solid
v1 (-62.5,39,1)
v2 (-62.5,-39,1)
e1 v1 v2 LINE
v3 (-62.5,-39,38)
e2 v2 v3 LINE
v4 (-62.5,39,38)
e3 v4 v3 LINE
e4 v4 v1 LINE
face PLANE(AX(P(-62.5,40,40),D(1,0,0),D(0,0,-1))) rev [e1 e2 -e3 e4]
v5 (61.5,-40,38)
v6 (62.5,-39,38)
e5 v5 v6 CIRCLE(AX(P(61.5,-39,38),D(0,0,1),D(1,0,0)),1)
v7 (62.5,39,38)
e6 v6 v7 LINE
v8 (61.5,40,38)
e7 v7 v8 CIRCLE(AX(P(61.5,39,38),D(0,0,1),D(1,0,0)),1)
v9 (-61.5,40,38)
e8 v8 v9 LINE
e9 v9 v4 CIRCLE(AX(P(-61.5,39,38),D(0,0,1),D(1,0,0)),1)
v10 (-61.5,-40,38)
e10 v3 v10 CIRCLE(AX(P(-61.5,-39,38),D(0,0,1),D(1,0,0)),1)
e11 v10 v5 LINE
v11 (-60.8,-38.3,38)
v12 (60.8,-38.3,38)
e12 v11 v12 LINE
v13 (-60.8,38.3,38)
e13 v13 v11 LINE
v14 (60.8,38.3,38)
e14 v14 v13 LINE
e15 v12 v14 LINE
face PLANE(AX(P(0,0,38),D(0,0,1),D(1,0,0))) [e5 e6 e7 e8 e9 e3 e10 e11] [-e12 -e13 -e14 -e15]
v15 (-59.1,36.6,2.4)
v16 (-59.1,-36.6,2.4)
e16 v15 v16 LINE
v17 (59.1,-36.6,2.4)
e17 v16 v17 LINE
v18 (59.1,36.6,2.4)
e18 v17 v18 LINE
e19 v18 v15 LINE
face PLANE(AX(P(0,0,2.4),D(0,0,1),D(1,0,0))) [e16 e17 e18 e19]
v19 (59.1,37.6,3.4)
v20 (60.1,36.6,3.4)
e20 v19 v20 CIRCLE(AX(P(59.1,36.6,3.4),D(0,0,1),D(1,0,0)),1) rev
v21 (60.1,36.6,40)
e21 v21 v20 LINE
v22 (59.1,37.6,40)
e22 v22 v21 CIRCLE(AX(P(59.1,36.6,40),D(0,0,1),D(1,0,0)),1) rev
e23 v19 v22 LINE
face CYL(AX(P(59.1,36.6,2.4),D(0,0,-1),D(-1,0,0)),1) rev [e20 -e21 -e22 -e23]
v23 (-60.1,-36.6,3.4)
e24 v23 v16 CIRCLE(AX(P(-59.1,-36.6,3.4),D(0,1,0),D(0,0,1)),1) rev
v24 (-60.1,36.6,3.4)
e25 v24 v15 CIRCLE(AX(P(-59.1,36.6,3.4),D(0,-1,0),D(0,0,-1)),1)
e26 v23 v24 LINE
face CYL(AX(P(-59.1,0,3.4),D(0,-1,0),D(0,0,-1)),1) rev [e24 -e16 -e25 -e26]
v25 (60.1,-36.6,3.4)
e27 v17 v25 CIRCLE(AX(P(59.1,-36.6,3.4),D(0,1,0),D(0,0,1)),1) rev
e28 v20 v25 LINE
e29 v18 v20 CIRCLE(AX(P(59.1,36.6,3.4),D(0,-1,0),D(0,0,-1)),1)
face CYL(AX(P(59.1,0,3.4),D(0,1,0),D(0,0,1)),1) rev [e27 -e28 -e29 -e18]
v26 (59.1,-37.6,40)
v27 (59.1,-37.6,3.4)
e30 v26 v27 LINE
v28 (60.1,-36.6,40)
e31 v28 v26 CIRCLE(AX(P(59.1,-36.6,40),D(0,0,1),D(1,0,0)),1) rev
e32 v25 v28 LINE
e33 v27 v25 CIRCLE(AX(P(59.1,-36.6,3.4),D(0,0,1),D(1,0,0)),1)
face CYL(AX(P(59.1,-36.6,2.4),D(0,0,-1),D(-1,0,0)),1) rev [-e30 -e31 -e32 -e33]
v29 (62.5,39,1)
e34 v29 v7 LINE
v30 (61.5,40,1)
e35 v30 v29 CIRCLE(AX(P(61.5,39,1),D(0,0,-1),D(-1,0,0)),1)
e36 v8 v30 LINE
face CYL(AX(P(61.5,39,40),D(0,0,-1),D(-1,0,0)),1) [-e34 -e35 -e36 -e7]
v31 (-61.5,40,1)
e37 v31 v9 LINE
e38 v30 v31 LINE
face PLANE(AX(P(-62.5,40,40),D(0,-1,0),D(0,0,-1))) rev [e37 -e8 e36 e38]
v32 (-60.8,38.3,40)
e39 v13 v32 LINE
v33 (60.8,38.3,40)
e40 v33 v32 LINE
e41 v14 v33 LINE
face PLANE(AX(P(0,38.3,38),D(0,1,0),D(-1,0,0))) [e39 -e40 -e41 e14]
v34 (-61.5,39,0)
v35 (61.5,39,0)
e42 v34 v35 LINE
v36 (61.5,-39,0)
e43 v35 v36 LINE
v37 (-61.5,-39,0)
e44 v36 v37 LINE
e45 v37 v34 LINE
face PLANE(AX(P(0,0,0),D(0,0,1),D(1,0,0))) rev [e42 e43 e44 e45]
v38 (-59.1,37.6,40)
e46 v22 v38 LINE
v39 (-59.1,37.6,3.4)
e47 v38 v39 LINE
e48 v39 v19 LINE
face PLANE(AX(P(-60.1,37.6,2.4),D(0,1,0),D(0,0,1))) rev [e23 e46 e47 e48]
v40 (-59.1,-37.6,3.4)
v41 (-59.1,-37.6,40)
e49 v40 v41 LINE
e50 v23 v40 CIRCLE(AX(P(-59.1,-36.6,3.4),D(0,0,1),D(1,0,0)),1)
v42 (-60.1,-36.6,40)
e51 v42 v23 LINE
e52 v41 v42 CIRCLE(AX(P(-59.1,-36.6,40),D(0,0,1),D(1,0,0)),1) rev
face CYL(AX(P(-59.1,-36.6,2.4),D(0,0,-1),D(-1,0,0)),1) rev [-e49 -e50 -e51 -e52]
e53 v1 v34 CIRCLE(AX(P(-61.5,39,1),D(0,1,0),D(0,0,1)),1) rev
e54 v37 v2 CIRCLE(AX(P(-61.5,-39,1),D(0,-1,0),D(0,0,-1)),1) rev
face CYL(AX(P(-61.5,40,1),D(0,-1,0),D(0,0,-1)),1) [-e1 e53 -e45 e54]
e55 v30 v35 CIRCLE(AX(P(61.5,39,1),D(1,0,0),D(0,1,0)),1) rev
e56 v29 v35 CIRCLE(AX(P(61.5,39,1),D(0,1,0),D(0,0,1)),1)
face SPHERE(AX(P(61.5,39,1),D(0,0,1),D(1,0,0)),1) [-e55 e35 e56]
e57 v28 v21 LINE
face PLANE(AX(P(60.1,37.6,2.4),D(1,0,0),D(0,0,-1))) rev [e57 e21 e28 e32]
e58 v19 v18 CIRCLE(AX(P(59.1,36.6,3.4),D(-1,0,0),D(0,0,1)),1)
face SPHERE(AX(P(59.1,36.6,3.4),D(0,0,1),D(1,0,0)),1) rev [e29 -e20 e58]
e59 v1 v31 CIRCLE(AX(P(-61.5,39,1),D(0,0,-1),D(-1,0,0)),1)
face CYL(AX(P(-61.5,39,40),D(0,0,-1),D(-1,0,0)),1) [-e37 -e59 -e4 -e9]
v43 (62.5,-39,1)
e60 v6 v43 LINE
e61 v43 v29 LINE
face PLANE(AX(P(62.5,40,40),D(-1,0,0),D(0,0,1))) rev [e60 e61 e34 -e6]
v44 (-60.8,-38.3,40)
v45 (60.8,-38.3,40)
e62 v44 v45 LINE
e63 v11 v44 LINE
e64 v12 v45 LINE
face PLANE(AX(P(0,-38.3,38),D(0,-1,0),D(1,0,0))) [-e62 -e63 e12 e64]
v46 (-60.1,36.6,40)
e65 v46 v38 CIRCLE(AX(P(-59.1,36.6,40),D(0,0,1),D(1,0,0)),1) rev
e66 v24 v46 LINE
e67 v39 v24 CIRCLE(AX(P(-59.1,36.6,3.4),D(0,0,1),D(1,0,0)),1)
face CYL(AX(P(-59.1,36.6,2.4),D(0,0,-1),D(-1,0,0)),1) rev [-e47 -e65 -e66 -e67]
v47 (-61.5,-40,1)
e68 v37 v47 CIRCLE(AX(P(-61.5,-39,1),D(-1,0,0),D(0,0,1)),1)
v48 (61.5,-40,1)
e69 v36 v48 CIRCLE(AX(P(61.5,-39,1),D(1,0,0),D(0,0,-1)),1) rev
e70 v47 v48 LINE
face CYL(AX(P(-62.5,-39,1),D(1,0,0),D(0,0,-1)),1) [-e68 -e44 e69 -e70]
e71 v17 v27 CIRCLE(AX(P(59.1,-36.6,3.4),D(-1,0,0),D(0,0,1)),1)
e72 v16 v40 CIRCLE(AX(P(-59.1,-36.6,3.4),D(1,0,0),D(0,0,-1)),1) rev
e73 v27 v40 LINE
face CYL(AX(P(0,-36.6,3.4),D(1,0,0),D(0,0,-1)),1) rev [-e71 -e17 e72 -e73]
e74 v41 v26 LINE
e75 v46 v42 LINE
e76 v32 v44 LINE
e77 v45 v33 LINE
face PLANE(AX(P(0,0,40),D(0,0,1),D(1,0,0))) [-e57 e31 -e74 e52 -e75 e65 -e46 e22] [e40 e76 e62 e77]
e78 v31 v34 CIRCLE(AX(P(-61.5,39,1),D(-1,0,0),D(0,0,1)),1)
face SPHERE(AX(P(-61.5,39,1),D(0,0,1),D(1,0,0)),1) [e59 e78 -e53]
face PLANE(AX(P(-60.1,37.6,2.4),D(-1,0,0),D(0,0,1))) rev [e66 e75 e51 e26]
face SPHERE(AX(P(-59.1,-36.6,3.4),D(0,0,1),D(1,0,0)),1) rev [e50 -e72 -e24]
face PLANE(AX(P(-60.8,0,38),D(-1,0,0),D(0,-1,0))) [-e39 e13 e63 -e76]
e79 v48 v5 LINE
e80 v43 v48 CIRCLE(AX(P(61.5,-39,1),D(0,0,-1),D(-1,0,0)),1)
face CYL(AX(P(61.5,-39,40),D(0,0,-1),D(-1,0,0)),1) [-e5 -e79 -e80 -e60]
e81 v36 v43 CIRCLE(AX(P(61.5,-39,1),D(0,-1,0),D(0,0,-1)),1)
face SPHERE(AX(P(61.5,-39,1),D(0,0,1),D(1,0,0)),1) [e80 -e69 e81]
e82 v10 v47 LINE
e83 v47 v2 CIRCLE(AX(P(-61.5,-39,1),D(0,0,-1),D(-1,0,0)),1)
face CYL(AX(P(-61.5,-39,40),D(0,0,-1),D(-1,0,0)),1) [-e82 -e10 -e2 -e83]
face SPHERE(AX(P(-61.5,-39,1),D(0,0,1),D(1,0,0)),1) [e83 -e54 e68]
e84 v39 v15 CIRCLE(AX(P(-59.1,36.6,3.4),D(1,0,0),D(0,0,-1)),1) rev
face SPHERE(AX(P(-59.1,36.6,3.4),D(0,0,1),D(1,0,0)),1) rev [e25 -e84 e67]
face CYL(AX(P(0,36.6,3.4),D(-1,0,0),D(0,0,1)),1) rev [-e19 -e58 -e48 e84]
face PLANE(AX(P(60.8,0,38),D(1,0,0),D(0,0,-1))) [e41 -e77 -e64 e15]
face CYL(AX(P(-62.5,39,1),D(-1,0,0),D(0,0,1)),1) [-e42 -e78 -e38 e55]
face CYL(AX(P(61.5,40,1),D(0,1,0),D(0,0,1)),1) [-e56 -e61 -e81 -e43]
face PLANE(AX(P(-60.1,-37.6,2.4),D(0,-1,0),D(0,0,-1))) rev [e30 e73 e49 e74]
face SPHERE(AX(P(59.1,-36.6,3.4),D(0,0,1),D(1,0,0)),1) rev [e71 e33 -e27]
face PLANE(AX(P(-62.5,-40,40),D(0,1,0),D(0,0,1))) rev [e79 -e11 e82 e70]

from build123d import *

# Parameters (mm, degrees)
SKETCH_1_W          = 125
SKETCH_1_H          = 80
EXTRUDE_1_DEPTH     = 40
SKETCH_2_W          = 120.2
SKETCH_2_H          = 75.2
CUT_EXTRUDE_1_DEPTH = 37.6
FILLET_1_R          = 1
FILLET_2_R          = 1
SKETCH_7_W          = 121.6
SKETCH_7_H          = 76.6
CUT_EXTRUDE_4_DEPTH = 2


with BuildPart() as part:
    # Эскиз1 → Бобышка-Вытянуть1 (new body)
    with BuildSketch(Plane.XY):
        Rectangle(SKETCH_1_W, SKETCH_1_H)
    extrude(amount=EXTRUDE_1_DEPTH)

    # Эскиз2 → Вырез-Вытянуть1 (cut)
    with BuildSketch(Plane.XY.offset(40)):
        Rectangle(SKETCH_2_W, SKETCH_2_H)
    extrude(amount=-CUT_EXTRUDE_1_DEPTH, mode=Mode.SUBTRACT)

    # Скругление1
    fillet_1_edges = [part.edges().sort_by_distance(p)[0] for p in [
        (0, -40, 0),
        (-62.5, 0, 0),
        (0, 40, 0),
        (62.5, 0, 0),
        (62.5, -40, 20),
        (-62.5, -40, 20),
        (-62.5, 40, 20),
        (62.5, 40, 20),
    ]]
    fillet(fillet_1_edges, radius=FILLET_1_R)

    # Скругление2
    fillet_2_edges = [part.edges().sort_by_distance(p)[0] for p in [
        (60.1, 0, 2.4),
        (60.1, 37.6, 21.2),
        (0, -37.6, 2.4),
        (60.1, -37.6, 21.2),
        (-60.1, 0, 2.4),
        (-60.1, -37.6, 21.2),
        (0, 37.6, 2.4),
        (-60.1, 37.6, 21.2),
    ]]
    fillet(fillet_2_edges, radius=FILLET_2_R)

    # Эскиз7 → Вырез-Вытянуть4 (cut)
    with BuildSketch(Plane.XY.offset(40)):
        with BuildLine():
            ThreePointArc((-62.5, -39), (-62.207106781, -39.707106781), (-61.5, -40))
            Line((-61.5, -40), (61.5, -40))
            ThreePointArc((61.5, -40), (62.207106781, -39.707106781), (62.5, -39))
            Line((62.5, -39), (62.5, 39))
            ThreePointArc((62.5, 39), (62.207106781, 39.707106781), (61.5, 40))
            Line((61.5, 40), (-61.5, 40))
            ThreePointArc((-61.5, 40), (-62.207106781, 39.707106781), (-62.5, 39))
            Line((-62.5, 39), (-62.5, -39))
        make_face()
        Rectangle(SKETCH_7_W, SKETCH_7_H, mode=Mode.SUBTRACT)
    extrude(amount=-CUT_EXTRUDE_4_DEPTH, mode=Mode.SUBTRACT)


solid = part.part
